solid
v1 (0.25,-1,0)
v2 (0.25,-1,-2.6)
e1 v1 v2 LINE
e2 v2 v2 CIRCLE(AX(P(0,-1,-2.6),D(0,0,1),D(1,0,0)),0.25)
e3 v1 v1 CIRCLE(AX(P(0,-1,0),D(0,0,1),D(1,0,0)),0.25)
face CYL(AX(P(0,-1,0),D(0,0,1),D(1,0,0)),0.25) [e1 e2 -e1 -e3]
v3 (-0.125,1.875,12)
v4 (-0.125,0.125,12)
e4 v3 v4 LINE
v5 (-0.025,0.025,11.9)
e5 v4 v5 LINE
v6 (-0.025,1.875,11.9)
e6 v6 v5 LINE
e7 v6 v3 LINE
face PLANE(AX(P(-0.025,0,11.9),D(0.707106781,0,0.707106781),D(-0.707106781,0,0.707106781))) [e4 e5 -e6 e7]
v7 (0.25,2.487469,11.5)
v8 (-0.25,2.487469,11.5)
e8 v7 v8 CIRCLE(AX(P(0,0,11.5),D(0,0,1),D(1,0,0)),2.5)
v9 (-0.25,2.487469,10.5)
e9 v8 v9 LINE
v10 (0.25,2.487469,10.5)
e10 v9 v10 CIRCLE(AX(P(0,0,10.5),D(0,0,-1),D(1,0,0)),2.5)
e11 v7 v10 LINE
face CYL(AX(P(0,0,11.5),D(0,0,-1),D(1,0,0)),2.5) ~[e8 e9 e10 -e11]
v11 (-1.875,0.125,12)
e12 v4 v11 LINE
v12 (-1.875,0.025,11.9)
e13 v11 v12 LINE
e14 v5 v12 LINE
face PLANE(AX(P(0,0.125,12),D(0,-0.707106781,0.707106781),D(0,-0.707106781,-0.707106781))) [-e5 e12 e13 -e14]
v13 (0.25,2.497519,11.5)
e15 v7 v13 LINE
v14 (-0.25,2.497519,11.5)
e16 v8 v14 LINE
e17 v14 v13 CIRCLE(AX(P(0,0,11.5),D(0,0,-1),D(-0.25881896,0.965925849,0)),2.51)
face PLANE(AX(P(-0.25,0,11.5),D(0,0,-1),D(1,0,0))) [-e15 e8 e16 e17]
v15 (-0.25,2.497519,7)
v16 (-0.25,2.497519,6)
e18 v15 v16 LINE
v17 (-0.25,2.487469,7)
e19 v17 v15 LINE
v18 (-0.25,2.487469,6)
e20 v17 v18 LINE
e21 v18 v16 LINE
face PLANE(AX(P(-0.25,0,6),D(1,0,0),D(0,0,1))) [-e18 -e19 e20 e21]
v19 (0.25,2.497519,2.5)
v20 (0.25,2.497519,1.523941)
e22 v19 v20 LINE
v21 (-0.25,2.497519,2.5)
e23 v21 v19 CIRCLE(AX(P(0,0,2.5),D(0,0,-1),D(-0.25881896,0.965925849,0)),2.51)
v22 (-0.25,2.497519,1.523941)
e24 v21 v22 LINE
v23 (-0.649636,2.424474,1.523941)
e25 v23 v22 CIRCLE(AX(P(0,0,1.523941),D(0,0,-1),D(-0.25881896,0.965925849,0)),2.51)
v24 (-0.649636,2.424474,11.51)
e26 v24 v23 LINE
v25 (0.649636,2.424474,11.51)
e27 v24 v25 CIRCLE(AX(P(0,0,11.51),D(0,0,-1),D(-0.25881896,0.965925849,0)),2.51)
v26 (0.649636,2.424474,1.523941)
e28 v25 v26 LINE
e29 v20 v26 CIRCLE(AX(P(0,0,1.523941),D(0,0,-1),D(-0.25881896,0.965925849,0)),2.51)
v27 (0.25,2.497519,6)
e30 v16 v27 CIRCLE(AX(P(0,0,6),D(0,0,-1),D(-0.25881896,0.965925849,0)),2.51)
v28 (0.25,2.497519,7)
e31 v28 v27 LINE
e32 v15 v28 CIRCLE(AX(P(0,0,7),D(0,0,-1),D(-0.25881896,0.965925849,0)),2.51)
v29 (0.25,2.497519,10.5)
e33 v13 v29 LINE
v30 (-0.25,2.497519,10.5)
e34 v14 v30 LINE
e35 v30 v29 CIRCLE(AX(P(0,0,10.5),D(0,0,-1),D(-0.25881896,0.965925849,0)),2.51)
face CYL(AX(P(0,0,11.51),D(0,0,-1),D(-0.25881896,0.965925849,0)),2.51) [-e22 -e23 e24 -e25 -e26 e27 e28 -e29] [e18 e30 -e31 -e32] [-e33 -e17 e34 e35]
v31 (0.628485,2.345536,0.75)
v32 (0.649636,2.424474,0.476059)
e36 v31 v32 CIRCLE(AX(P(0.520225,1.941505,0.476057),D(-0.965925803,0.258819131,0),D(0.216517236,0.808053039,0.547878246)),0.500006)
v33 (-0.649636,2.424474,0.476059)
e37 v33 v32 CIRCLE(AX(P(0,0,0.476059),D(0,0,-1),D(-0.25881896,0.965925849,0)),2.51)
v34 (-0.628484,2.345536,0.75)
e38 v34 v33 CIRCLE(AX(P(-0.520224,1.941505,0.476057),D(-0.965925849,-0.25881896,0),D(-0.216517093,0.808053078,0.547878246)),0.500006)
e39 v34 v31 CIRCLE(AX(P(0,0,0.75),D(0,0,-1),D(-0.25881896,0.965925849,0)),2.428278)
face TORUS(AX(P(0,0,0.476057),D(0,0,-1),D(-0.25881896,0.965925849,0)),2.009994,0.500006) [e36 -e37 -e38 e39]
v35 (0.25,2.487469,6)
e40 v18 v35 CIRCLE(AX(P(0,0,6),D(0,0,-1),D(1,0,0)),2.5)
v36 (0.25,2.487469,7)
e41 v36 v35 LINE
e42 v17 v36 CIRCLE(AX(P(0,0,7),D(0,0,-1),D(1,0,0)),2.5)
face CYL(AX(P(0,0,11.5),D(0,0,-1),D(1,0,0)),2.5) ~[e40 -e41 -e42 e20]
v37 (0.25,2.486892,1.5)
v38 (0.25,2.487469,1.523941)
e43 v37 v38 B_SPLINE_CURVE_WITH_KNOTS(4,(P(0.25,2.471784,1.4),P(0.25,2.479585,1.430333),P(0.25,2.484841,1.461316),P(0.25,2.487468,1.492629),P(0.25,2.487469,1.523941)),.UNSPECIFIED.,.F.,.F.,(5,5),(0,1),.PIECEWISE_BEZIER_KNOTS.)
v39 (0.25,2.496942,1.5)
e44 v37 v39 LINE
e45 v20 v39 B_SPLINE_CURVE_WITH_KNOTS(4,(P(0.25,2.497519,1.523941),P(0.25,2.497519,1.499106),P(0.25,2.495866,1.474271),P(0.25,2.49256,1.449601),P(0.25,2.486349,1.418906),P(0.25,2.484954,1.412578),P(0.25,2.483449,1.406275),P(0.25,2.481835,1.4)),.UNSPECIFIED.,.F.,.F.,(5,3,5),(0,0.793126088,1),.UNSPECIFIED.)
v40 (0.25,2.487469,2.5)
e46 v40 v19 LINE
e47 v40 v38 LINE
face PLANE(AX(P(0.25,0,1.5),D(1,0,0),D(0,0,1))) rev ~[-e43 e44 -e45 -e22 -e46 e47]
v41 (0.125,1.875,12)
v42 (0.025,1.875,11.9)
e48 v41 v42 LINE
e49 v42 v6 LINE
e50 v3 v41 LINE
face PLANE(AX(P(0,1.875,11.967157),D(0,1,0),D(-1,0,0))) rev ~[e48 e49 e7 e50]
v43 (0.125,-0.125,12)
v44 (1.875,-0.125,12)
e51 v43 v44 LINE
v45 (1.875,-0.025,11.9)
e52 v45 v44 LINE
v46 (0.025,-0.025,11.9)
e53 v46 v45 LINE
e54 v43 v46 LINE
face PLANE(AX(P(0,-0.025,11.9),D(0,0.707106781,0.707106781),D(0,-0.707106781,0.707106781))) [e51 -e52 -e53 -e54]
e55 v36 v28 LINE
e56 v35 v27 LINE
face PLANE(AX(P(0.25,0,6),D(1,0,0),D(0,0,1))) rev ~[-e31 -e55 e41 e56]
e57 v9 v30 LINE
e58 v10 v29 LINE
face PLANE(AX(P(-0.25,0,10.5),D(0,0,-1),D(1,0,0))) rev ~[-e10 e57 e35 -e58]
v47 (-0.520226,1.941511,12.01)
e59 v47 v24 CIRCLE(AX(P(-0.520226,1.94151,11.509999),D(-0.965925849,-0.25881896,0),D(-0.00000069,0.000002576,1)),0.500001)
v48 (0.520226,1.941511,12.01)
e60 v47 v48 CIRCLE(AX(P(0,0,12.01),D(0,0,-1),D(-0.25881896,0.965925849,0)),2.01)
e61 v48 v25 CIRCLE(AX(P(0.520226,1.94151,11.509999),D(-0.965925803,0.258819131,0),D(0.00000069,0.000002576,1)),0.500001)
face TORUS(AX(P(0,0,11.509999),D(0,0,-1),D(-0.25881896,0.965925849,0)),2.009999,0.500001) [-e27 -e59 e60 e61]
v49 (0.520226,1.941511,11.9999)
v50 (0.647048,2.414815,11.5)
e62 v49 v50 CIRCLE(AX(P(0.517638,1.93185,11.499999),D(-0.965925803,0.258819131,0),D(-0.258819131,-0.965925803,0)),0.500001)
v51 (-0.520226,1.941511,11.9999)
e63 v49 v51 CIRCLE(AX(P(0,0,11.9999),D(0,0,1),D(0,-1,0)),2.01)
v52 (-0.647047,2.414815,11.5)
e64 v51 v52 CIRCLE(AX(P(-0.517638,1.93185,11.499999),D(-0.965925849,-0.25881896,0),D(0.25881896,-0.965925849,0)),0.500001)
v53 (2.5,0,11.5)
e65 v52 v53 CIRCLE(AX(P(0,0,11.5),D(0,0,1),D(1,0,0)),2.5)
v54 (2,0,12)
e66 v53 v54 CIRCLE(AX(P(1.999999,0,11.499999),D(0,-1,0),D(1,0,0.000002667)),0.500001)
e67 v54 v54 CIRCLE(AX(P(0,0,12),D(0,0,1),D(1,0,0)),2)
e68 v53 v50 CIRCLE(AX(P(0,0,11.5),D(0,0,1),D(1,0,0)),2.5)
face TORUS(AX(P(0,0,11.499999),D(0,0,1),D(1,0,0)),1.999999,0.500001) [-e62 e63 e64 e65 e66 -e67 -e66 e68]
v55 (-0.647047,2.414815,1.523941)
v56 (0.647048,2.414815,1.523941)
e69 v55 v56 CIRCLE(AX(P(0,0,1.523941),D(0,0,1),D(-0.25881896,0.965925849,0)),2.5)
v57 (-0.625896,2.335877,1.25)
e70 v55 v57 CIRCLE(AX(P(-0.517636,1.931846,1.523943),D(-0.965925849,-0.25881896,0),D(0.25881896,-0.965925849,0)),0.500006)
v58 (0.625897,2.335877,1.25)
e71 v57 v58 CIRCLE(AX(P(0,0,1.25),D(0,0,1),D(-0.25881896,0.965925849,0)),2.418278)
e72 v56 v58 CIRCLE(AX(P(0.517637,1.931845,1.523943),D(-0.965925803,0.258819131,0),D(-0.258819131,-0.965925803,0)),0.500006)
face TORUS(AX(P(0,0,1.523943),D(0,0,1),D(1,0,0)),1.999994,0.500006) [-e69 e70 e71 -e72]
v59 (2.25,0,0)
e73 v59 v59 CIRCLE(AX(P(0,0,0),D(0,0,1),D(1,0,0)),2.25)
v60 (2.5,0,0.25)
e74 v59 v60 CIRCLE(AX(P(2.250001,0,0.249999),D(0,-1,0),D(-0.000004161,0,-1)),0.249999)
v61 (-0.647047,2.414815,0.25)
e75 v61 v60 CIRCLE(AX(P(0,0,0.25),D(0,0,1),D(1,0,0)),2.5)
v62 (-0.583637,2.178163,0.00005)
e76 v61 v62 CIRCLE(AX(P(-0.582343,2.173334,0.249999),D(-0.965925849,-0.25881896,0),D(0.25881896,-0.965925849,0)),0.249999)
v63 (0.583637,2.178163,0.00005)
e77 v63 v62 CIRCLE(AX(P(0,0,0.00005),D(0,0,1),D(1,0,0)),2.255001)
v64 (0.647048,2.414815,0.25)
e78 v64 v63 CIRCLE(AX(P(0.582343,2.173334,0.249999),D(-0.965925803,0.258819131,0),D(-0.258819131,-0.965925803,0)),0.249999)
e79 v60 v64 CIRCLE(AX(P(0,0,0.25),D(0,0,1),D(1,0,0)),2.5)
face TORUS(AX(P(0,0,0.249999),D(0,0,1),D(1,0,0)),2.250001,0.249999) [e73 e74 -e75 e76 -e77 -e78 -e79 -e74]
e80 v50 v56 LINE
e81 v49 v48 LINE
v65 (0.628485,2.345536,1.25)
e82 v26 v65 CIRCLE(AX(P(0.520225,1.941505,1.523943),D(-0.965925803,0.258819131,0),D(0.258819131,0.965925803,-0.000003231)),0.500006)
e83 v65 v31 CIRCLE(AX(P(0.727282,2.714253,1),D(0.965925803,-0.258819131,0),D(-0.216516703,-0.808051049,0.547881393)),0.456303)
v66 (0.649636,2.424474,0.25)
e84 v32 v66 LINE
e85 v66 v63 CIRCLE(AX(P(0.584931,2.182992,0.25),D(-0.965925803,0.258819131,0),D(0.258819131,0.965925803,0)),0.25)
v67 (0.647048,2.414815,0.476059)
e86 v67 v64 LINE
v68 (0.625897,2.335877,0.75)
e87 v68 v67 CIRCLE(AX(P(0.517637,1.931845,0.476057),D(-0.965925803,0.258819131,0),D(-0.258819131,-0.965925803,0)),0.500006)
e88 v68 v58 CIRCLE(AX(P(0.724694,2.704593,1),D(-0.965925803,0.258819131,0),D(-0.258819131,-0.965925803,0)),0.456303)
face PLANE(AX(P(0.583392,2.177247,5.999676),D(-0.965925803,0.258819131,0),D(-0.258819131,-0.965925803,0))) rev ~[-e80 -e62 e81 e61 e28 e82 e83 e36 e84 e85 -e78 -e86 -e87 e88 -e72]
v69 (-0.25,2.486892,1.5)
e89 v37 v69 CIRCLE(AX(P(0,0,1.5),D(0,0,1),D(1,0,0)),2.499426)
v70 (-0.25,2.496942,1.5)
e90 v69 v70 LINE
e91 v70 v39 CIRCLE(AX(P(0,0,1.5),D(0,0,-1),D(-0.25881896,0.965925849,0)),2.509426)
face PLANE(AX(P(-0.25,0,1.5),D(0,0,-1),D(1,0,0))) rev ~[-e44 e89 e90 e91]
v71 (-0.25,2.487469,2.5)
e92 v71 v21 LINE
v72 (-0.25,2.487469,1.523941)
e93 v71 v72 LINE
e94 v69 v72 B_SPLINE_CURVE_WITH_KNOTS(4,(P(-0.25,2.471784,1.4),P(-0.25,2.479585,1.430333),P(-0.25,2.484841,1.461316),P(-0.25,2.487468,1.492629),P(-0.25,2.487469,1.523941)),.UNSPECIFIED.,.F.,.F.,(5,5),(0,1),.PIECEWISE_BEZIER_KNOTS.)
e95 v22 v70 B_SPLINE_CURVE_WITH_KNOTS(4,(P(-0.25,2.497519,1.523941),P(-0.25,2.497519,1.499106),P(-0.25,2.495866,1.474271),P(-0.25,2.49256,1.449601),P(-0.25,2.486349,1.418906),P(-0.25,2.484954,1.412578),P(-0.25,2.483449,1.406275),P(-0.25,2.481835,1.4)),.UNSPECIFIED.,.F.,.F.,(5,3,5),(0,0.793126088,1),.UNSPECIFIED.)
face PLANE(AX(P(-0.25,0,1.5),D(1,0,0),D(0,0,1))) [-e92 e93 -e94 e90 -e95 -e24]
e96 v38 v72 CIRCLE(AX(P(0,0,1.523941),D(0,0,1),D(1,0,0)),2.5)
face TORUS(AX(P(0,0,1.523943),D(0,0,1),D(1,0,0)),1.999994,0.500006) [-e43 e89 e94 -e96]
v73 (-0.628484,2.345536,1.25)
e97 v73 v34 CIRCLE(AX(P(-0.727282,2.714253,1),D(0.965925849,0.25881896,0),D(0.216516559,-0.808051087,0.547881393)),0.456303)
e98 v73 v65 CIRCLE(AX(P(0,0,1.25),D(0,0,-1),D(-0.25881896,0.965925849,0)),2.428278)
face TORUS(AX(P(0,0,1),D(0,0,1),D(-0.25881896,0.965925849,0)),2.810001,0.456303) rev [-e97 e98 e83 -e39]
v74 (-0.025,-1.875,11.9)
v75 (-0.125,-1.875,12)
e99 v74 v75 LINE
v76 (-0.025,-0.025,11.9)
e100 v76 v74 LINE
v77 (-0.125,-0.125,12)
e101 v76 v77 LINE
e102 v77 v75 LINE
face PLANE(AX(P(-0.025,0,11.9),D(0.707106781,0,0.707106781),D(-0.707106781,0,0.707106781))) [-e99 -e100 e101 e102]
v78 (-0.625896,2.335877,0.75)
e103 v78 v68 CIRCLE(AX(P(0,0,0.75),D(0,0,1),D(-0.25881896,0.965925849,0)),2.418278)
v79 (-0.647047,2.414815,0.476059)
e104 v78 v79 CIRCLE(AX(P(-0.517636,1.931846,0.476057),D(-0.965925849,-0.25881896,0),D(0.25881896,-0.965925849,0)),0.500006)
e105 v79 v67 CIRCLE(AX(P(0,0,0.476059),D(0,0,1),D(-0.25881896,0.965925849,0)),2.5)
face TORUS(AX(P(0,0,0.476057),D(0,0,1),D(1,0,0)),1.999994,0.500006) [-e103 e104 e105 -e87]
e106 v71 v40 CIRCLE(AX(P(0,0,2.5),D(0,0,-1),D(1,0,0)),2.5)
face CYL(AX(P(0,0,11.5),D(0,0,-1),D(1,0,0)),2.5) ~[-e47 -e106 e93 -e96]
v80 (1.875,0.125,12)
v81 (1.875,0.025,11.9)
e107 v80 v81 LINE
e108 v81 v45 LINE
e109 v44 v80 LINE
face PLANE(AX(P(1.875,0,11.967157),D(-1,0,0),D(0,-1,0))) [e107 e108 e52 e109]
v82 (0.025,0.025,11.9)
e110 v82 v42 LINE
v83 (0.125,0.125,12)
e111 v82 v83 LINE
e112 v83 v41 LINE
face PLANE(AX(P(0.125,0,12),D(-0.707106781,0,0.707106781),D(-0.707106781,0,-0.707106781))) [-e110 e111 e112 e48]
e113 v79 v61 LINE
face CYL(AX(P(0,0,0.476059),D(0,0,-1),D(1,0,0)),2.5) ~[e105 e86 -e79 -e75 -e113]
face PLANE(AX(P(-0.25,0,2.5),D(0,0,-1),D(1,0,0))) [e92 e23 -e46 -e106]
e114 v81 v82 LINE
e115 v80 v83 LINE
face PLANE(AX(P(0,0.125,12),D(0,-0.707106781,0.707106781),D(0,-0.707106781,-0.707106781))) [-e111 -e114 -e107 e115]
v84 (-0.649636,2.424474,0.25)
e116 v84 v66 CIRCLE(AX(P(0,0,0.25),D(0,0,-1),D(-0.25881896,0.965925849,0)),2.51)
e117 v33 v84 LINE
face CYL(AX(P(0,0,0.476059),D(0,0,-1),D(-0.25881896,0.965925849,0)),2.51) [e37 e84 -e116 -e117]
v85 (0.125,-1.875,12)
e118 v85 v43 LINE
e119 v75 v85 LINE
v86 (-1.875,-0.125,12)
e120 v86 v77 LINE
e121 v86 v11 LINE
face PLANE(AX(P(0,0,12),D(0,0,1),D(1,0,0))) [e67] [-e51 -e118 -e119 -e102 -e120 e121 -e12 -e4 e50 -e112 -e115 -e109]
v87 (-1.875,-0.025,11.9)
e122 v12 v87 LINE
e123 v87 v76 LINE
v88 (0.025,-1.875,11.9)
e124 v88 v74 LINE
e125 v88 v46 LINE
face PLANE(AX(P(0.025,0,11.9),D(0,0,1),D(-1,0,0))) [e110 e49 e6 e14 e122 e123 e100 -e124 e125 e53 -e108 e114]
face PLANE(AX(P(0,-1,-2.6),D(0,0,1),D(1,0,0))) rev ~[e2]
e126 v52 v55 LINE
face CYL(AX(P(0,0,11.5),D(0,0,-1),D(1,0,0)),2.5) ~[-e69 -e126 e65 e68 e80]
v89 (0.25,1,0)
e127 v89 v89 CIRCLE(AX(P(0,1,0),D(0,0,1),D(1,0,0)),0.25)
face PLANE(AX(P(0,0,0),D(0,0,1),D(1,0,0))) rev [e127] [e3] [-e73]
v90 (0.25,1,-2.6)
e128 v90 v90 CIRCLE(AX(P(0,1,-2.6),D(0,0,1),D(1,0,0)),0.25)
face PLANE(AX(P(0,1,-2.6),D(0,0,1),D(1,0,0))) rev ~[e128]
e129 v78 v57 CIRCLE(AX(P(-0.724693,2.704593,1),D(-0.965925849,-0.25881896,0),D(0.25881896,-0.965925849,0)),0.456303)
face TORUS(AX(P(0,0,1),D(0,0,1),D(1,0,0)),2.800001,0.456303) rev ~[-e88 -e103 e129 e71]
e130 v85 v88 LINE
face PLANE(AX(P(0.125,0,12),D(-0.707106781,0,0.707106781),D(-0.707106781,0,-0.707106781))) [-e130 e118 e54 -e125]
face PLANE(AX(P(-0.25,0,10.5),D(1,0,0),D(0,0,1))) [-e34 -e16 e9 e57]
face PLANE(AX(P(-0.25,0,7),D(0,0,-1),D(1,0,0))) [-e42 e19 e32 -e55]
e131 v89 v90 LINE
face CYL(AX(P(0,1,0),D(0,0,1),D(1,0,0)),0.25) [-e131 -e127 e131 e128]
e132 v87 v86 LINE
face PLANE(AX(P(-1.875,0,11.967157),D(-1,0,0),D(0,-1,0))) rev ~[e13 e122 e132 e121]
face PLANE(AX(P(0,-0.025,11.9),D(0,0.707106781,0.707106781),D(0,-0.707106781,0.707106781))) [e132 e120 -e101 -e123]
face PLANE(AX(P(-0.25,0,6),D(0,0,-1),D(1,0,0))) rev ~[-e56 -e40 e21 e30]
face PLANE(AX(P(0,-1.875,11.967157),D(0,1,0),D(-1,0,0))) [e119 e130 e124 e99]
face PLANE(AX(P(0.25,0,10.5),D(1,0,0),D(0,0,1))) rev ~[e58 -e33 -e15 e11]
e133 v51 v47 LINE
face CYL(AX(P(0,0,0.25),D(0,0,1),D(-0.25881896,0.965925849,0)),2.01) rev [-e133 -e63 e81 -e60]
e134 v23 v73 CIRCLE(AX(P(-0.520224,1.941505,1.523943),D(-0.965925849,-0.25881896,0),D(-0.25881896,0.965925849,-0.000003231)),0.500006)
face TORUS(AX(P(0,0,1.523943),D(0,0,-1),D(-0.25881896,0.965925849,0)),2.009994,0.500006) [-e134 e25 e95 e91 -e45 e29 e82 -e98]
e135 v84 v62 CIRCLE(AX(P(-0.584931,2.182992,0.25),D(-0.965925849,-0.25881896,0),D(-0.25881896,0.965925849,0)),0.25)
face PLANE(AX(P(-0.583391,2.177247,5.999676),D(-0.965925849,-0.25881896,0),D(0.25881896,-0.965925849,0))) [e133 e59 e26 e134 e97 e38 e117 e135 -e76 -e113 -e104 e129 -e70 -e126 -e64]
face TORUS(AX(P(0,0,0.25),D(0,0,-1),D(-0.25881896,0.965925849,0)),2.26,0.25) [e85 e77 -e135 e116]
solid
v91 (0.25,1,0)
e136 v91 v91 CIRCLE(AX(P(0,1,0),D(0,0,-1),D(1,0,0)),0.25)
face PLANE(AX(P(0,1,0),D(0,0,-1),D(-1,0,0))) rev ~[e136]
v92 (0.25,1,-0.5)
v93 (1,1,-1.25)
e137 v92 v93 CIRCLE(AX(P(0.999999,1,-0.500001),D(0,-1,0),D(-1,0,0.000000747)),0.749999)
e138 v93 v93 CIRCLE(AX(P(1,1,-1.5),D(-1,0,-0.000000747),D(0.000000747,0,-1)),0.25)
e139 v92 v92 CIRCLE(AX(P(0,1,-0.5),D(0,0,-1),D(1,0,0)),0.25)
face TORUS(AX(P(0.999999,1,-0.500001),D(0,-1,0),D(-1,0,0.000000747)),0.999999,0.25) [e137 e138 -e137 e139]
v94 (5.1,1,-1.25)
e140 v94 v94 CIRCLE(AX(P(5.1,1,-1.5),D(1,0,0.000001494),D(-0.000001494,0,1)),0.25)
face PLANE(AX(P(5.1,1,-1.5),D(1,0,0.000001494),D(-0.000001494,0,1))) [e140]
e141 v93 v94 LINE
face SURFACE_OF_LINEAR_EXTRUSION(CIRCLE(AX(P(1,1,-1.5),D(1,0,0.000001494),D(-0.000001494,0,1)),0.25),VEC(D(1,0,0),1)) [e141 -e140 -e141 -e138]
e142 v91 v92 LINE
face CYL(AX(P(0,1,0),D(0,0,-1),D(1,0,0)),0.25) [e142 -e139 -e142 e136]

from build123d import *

# Parameters (mm, degrees)
SKETCH003_R         = 0.25
REVOLUTION001_ANGLE = -30
SKETCH015_W         = 0.5
SKETCH015_H         = 1
POCKET002_DEPTH     = 2.511
LINEARPATTERN_COUNT = 3
LINEARPATTERN_PITCH = 4.5
SKETCH010_R         = 0.25
PAD002_DEPTH        = 2.6
SKETCH013_R         = 2
PAD_DEPTH           = 0.5
POCKET001_DEPTH     = 1.875
POLARPATTERN_COUNT  = 3
POLARPATTERN_ANGLE  = 180
SKETCH012_R         = 2
POCKET_DEPTH        = 0.5


with BuildPart() as leadangledclone:
    # AdditivePipe: sweep along a path in Sketch004
    with BuildLine(Plane.XZ) as additivepipe_path:
        Line((0, 0), (0, -0.5))
        ThreePointArc((0, -0.5), (0.292893, -1.207107), (1, -1.5))
        Line((1, -1.5), (5.1, -1.5))
    # Sketch003 (on ShapeBinder) → AdditivePipe (sweep)
    with BuildSketch(Plane(origin=(0, 0, 0), x_dir=(1, 0, 0), z_dir=(0, 0, -1))):
        with Locations((0, 1)):
            Circle(SKETCH003_R)
    sweep(path=additivepipe_path.line)


with BuildPart() as leadangledclone_1:
    # Body003 placement: moved
    add(leadangledclone.part.moved(Location((0, 2, 0))))


with BuildPart() as polaritymarking:
    # Sketch005 → Revolution001 (revolve)
    with BuildSketch(Plane(origin=(0, 0, 0), x_dir=(-0.258819, 0.965926, 0), z_dir=(0.965926, 0.258819, 0))):
        with BuildLine():
            Line((2.01, 0.25), (2.01, 12.01))
            ThreePointArc((2.01, 12.01), (2.363553, 11.863553), (2.51, 11.51))
            Line((2.51, 11.51), (2.51, 1.523941))
            ThreePointArc((2.51, 1.523941), (2.489134, 1.381006), (2.428278, 1.25))
            ThreePointArc((2.428278, 1.25), (2.353698, 1), (2.428278, 0.75))
            ThreePointArc((2.428278, 0.75), (2.489134, 0.618994), (2.51, 0.476059))
            Line((2.51, 0.476059), (2.51, 0.25))
            ThreePointArc((2.51, 0.25), (2.26, 0), (2.01, 0.25))
        make_face()
    revolve(axis=Axis((0, 0, 0), (0, 0, 1)), revolution_arc=REVOLUTION001_ANGLE)

    # Sketch015 → Pocket002 (cut, through all)
    with BuildSketch(Plane.XZ):
        with Locations((0, 2)):
            Rectangle(SKETCH015_W, SKETCH015_H)
    pocket002 = extrude(amount=-POCKET002_DEPTH, mode=Mode.SUBTRACT)

    # LinearPattern: Pocket002 ×3
    with Locations(*[(0, 0, i * LINEARPATTERN_PITCH) for i in range(1, LINEARPATTERN_COUNT)]):
        add(pocket002, mode=Mode.SUBTRACT)


with BuildPart() as leadstraight:
    # Sketch010 → Pad002 (new body)
    with BuildSketch(Plane(origin=(0, 1, 0), x_dir=(1, 0, 0), z_dir=(0, 0, 1))):
        Circle(SKETCH010_R)
    extrude(amount=-PAD002_DEPTH)


with BuildPart() as leadstraightclone:
    # Body007 base: copy of LeadStraight
    add(leadstraight.part)


with BuildPart() as leadstraightclone_1:
    # Body007 placement: moved
    add(leadstraightclone.part.moved(Location((0, -2, 0))))


with BuildPart() as housingtop:
    # Sketch013 (on ShapeBinder) → Pad (new body)
    with BuildSketch(Plane.XY.offset(11.5)):
        Circle(SKETCH013_R)
    extrude(amount=PAD_DEPTH)

    # Sketch014 → Pocket001 (cut, symmetric)
    with BuildSketch(Plane.XZ):
        Polygon((-0.125, 12), (0.125, 12), (0.025, 11.9), (-0.025, 11.9), align=None)
    pocket001 = extrude(amount=POCKET001_DEPTH, both=True, mode=Mode.SUBTRACT)

    # PolarPattern: Pocket001 ×3 about axis
    polarpattern_axis = Axis((0, 0, 0), (0, 0, 1))
    for i in range(1, POLARPATTERN_COUNT):
        add(pocket001.rotate(polarpattern_axis, i * POLARPATTERN_ANGLE / (POLARPATTERN_COUNT - 1)), mode=Mode.SUBTRACT)


with BuildPart() as fusion:
    # Sketch → Revolution (revolve)
    with BuildSketch(Plane.XZ):
        with BuildLine():
            Line((0, 12), (2, 12))
            ThreePointArc((2.5, 11.5), (2.353553, 11.853553), (2, 12))
            Line((2.5, 11.5), (2.5, 1.523941))
            ThreePointArc((2.418278, 1.25), (2.479134, 1.381006), (2.5, 1.523941))
            ThreePointArc((2.418278, 1.25), (2.343698, 1), (2.418278, 0.75))
            ThreePointArc((2.5, 0.476059), (2.479134, 0.618994), (2.418278, 0.75))
            Line((2.5, 0.476059), (2.5, 0.25))
            ThreePointArc((2.25, 0), (2.426777, 0.073223), (2.5, 0.25))
            Line((0, 0), (2.25, 0))
            Line((0, 12), (0, 0))
        make_face()
    revolve(axis=Axis((0, 0, 0), (0, 0, 1)))

    # Sketch012 → Pocket (cut)
    with BuildSketch(Plane.XY.offset(12)):
        Circle(SKETCH012_R)
    extrude(amount=-POCKET_DEPTH, mode=Mode.SUBTRACT)

    # Fusion: union PolarityMarking, LeadStraight, LeadStraightClone, HousingTop
    add(polaritymarking.part)
    add(leadstraight.part)
    add(leadstraightclone_1.part)
    add(housingtop.part)


solid = Compound([leadangledclone_1.part, fusion.part])
